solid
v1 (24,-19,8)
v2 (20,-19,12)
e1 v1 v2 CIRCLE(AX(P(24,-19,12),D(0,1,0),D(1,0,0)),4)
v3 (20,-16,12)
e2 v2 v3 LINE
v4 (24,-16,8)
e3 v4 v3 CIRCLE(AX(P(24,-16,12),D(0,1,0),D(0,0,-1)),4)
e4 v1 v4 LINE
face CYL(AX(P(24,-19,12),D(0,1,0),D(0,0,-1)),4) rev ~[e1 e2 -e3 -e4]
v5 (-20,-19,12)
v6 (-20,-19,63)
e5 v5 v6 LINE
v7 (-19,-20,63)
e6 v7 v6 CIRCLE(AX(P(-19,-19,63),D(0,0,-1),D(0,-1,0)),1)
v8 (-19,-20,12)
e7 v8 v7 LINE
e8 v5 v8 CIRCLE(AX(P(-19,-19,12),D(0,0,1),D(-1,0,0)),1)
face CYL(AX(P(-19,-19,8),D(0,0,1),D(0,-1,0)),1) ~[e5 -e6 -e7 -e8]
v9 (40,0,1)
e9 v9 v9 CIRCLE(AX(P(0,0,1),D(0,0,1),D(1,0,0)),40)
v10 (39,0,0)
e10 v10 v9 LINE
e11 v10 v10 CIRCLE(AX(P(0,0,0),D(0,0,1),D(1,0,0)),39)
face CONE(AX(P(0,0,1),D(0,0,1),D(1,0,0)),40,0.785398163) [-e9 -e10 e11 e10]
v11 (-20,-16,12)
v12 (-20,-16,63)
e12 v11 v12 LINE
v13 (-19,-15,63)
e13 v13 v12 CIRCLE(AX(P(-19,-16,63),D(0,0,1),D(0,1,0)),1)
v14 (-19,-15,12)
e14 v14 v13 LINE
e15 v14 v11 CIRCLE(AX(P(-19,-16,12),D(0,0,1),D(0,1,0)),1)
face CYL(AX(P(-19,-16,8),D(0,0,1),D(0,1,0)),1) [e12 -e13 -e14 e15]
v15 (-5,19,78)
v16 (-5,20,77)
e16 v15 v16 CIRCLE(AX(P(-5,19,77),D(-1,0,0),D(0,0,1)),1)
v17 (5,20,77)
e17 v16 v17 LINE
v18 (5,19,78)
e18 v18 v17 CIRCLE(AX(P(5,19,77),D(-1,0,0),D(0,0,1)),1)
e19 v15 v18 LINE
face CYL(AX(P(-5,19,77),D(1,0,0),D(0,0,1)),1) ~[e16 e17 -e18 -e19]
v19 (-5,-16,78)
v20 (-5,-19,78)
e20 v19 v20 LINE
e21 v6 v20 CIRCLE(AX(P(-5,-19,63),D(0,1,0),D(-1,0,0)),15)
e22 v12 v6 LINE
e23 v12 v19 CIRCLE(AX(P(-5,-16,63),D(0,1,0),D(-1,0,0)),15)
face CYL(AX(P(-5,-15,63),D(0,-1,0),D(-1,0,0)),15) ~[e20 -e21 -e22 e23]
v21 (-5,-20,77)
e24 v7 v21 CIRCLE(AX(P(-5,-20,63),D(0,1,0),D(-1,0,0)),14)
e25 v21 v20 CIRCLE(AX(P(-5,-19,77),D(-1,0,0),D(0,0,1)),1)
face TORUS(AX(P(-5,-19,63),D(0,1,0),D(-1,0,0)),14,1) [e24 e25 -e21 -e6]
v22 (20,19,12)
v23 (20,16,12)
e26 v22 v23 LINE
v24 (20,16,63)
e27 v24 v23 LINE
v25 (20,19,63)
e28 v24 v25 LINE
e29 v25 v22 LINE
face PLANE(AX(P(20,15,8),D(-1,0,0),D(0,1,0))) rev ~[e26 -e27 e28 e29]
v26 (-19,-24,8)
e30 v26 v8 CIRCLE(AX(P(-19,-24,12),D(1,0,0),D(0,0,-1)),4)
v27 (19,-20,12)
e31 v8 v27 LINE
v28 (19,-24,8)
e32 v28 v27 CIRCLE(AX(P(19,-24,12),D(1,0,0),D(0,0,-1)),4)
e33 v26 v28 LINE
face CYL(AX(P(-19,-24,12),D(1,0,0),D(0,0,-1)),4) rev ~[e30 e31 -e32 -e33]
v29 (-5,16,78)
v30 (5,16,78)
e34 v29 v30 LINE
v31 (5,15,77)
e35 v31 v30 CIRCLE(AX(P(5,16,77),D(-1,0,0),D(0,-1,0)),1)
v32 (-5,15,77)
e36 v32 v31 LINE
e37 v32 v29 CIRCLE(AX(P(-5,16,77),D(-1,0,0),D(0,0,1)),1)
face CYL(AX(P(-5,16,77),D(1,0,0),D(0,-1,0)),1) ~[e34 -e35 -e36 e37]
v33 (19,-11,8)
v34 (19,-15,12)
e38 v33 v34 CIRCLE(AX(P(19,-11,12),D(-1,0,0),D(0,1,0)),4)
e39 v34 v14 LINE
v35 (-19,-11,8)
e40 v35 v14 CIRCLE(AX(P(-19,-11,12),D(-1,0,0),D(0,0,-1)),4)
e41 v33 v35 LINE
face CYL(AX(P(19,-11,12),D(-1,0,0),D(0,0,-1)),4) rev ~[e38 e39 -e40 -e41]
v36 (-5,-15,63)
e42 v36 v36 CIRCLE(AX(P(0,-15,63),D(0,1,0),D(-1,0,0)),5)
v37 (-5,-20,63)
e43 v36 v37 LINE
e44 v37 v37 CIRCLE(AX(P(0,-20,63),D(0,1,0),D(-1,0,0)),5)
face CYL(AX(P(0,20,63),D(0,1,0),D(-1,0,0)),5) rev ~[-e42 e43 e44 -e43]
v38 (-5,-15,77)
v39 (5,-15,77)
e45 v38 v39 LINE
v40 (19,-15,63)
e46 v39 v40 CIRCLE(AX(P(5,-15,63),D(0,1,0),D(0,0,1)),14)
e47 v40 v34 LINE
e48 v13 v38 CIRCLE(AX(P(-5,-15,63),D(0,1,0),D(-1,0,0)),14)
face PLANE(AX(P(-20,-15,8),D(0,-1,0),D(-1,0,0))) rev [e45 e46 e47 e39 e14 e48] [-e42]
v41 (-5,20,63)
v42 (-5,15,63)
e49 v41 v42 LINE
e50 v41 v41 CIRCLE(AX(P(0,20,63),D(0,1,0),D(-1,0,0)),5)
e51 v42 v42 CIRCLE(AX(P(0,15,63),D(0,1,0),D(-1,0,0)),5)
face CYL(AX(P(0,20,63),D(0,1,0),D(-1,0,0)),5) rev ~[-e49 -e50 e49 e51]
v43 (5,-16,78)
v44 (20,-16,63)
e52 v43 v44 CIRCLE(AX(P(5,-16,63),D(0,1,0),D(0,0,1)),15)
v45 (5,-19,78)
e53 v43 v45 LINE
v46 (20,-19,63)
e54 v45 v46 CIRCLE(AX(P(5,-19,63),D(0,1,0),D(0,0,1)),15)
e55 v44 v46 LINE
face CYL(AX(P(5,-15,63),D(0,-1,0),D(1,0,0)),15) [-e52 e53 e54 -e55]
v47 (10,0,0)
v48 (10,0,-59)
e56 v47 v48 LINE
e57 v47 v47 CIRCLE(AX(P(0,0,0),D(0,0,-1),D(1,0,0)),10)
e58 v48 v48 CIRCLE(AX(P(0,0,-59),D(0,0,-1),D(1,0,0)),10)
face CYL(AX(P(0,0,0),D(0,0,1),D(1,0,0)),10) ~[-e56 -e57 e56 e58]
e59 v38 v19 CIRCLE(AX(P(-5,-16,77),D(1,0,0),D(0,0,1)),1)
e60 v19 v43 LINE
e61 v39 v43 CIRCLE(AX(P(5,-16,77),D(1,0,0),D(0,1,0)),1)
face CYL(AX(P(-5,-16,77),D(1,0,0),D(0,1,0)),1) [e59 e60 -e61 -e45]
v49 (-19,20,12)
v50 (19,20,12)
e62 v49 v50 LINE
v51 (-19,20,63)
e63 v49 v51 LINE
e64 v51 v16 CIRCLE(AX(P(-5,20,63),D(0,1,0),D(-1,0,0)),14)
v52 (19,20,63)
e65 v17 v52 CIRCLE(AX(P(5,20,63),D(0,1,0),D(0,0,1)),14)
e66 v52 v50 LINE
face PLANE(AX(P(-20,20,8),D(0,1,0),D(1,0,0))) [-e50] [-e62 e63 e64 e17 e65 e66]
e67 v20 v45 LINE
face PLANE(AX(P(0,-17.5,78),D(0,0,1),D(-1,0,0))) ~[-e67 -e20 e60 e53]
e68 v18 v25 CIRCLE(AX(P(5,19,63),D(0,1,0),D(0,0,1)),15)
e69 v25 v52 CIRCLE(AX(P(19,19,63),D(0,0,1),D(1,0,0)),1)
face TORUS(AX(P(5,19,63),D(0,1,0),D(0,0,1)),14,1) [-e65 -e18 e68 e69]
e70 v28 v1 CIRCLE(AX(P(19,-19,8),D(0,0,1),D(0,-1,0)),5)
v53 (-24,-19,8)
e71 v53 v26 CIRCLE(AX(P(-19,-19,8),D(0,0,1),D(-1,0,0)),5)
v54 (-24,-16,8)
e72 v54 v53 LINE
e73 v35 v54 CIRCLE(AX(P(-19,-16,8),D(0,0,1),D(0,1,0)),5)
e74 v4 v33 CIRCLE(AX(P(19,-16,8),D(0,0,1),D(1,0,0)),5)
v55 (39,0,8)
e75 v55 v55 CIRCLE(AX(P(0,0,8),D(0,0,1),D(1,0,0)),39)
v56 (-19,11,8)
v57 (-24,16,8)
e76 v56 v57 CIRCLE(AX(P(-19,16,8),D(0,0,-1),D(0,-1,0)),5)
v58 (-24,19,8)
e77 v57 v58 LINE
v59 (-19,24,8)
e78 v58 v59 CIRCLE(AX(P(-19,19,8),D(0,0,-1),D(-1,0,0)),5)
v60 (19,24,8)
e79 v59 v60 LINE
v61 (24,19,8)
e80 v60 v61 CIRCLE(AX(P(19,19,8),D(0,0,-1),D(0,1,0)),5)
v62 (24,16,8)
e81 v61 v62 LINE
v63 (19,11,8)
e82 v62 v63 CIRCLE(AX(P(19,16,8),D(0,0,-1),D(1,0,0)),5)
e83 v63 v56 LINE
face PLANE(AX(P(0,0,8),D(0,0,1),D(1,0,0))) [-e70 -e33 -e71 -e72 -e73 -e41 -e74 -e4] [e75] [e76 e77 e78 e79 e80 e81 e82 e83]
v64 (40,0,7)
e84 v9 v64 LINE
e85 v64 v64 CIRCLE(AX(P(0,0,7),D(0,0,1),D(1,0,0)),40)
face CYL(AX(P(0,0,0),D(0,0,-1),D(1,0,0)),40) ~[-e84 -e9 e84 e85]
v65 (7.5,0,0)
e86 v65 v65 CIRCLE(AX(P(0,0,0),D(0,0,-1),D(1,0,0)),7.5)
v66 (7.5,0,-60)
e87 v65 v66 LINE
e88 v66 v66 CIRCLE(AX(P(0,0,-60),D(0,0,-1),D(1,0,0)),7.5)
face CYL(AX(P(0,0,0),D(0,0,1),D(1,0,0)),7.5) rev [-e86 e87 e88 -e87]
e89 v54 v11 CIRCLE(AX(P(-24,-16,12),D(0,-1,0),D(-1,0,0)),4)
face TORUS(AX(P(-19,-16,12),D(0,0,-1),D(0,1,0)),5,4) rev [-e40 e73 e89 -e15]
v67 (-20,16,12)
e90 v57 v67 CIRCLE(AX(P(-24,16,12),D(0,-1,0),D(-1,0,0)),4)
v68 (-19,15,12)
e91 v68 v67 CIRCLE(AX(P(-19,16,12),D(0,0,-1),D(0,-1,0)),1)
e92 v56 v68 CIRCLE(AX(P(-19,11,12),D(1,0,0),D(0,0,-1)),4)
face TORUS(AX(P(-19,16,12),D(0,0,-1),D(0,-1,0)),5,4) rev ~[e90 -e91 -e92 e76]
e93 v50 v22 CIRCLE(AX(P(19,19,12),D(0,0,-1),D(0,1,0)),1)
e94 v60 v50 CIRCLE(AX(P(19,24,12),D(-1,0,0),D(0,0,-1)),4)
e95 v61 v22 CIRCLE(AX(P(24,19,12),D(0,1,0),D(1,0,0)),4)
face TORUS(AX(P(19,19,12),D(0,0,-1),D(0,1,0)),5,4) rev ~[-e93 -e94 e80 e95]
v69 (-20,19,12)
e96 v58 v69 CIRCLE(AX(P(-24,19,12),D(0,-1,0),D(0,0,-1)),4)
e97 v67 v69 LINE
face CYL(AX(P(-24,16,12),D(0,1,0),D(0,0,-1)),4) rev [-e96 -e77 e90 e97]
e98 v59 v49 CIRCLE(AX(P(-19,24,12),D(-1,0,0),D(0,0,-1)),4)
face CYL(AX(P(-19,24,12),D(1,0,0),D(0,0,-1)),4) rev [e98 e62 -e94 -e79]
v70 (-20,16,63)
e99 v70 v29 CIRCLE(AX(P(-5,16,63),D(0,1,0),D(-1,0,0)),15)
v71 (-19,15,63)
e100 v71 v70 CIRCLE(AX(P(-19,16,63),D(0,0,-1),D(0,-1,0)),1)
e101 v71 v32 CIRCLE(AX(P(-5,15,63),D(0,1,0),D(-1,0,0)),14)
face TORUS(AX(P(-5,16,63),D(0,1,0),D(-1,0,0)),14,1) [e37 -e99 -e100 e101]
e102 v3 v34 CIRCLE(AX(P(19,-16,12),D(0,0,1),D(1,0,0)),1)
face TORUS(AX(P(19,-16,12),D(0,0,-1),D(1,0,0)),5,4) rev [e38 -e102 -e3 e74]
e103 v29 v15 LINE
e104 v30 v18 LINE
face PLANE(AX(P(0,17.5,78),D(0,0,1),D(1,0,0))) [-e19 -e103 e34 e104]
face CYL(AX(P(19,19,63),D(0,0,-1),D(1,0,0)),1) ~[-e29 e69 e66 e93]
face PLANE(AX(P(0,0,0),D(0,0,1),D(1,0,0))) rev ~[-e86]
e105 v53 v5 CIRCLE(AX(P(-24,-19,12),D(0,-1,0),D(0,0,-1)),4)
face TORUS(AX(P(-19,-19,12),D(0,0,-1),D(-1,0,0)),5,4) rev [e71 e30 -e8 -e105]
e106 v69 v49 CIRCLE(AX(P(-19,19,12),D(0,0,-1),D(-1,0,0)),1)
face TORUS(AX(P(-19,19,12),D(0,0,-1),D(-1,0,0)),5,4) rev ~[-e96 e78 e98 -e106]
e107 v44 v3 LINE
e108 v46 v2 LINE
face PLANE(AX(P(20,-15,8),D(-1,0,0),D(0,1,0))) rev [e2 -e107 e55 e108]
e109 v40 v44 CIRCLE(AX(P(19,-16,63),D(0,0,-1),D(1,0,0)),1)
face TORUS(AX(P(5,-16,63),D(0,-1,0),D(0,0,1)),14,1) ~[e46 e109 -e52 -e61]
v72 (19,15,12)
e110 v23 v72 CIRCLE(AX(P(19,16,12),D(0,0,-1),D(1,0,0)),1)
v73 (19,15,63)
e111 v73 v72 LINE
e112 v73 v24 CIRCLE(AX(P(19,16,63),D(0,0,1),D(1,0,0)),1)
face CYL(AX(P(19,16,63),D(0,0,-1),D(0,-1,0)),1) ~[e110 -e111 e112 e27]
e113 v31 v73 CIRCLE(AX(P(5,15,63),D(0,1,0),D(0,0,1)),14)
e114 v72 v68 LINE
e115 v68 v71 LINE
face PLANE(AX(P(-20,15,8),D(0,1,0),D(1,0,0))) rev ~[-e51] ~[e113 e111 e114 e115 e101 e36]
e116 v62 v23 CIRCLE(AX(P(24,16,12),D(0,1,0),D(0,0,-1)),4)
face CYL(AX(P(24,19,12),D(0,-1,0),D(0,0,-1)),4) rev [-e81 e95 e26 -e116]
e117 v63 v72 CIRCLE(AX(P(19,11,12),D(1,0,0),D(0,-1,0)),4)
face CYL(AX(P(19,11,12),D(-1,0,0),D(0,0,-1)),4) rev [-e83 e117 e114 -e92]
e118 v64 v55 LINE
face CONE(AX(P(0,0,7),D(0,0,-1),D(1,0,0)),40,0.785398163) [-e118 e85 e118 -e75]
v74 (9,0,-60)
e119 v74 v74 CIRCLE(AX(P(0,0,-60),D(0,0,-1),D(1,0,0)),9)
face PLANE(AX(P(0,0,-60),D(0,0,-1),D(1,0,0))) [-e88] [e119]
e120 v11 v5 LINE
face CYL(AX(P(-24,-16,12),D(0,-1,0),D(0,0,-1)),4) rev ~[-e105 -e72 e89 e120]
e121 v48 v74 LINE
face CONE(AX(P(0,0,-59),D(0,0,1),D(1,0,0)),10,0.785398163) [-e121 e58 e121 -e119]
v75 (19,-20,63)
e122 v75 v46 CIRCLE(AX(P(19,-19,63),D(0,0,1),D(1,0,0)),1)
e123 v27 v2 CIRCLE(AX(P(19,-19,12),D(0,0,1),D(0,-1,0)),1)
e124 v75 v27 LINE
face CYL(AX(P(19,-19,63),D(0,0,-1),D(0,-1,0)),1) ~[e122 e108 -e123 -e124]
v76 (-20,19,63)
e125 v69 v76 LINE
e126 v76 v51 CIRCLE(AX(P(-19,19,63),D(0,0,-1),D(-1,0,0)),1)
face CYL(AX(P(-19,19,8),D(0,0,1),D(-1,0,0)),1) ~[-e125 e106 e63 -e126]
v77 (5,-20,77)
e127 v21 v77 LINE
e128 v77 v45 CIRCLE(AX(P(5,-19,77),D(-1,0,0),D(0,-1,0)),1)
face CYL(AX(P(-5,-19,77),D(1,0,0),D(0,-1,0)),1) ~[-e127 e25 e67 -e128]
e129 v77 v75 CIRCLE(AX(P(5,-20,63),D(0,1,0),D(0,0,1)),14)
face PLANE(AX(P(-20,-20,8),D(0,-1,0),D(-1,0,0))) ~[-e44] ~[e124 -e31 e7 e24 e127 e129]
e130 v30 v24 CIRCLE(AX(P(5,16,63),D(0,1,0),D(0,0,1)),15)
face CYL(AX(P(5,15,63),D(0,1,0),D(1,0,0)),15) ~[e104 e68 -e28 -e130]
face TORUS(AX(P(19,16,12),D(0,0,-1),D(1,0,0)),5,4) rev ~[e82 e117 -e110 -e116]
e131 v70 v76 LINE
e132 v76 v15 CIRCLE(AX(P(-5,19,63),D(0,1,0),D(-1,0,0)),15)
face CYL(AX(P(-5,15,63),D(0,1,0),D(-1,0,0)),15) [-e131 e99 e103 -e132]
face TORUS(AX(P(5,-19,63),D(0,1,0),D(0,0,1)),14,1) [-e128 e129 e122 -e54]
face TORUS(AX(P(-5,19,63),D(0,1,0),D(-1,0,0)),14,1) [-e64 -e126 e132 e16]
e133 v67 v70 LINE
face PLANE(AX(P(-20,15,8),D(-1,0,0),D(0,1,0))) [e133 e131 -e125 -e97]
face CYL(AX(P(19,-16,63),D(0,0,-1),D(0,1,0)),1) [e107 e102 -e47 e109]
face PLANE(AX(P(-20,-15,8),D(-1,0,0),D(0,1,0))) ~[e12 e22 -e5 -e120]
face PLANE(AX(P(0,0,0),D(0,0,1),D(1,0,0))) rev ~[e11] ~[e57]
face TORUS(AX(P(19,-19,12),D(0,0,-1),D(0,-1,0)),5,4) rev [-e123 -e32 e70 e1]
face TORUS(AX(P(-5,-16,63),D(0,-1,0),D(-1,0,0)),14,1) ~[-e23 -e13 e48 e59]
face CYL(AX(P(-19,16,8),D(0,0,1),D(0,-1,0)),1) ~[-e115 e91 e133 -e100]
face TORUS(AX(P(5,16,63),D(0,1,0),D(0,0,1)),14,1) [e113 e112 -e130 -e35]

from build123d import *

# Parameters (mm, degrees)
SKETCH1_R            = 40
BOSS_EXTRUDE1_DEPTH  = 8
SKETCH2_W            = 40
SKETCH2_H            = 5
BOSS_EXTRUDE2_DEPTH  = 70
FILLET1_R            = 15
FILLET2_R            = 1
FILLET3_R            = 4
FILLET1_OF_MIRROR1_R = 15
FILLET2_OF_MIRROR1_R = 1
FILLET3_OF_MIRROR1_R = 4
SKETCH3_R            = 5
CUT_EXTRUDE1_DEPTH   = 107.226173873
SKETCH4_R            = 10
SKETCH4_R_2          = 7.5
BOSS_EXTRUDE3_DEPTH  = 60
CHAMFER1_SIZE        = 1
CHAMFER2_SIZE        = 1


with BuildPart() as part:
    # Sketch1 → Boss-Extrude1 (new body)
    with BuildSketch(Plane.XY):
        Circle(SKETCH1_R)
    extrude(amount=BOSS_EXTRUDE1_DEPTH)

    # Sketch2 → Boss-Extrude2 (add)
    with BuildSketch(Plane.XY.offset(8)):
        with Locations((0, 17.5)):
            Rectangle(SKETCH2_W, SKETCH2_H)
    boss_extrude2 = extrude(amount=BOSS_EXTRUDE2_DEPTH)

    # Fillet1
    fillet1_edges = [part.edges().sort_by_distance(p)[0] for p in [
        (-20, 17.5, 78),
        (20, 17.5, 78),
    ]]
    fillet(fillet1_edges, radius=FILLET1_R)

    # Fillet2
    fillet2_edges = [part.edges().sort_by_distance(p)[0] for p in [
        (0, 15, 78),
        (0, 20, 78),
        (-20, 20, 35.5),
        (20, 20, 35.5),
        (-15.606601718, 20, 73.606601718),
        (15.606601718, 20, 73.606601718),
        (20, 15, 35.5),
        (-20, 15, 35.5),
        (-15.606601718, 15, 73.606601718),
        (15.606601718, 15, 73.606601718),
    ]]
    fillet(fillet2_edges, radius=FILLET2_R)

    # Fillet3
    fillet3_edges = [part.edges().sort_by_distance(p)[0] for p in [
        (0, 20, 8),
        (20, 17.5, 8),
        (0, 15, 8),
        (-20, 17.5, 8),
        (19.707106781, 19.707106781, 8),
        (19.707106781, 15.292893219, 8),
        (-19.707106781, 19.707106781, 8),
        (-19.707106781, 15.292893219, 8),
    ]]
    fillet(fillet3_edges, radius=FILLET3_R)

    # Mirror1: Boss-Extrude2 across plane
    add(boss_extrude2.mirror(Plane.ZX))

    # Fillet1 of Mirror1
    fillet1_of_mirror1_edges = [part.edges().sort_by_distance(p)[0] for p in [
        (-20, -17.5, 78),
        (20, -17.5, 78),
    ]]
    fillet(fillet1_of_mirror1_edges, radius=FILLET1_OF_MIRROR1_R)

    # Fillet2 of Mirror1
    fillet2_of_mirror1_edges = [part.edges().sort_by_distance(p)[0] for p in [
        (0, -15, 78),
        (0, -20, 78),
        (-20, -20, 35.5),
        (20, -20, 35.5),
        (-15.606601718, -20, 73.606601718),
        (15.606601718, -20, 73.606601718),
        (20, -15, 35.5),
        (-20, -15, 35.5),
        (-15.606601718, -15, 73.606601718),
        (15.606601718, -15, 73.606601718),
    ]]
    fillet(fillet2_of_mirror1_edges, radius=FILLET2_OF_MIRROR1_R)

    # Fillet3 of Mirror1
    fillet3_of_mirror1_edges = [part.edges().sort_by_distance(p)[0] for p in [
        (0, -20, 8),
        (20, -17.5, 8),
        (0, -15, 8),
        (-20, -17.5, 8),
        (19.707106781, -19.707106781, 8),
        (19.707106781, -15.292893219, 8),
        (-19.707106781, -19.707106781, 8),
        (-19.707106781, -15.292893219, 8),
    ]]
    fillet(fillet3_of_mirror1_edges, radius=FILLET3_OF_MIRROR1_R)

    # Sketch3 → Cut-Extrude1 (cut, through all)
    with BuildSketch(Plane(origin=(0, 20, 0), x_dir=(1, 0, 0), z_dir=(0, 1, 0))):
        with Locations(Location((0, -63, 0), (0, 0, 180))):
            Circle(SKETCH3_R)
    extrude(amount=-CUT_EXTRUDE1_DEPTH, mode=Mode.SUBTRACT)

    # Sketch4 → Boss-Extrude3 (add)
    with BuildSketch(Plane(origin=(0, 0, 0), x_dir=(-1, 0, 0), z_dir=(0, 0, -1))):
        with Locations(Location((0, 0, 0), (0, 0, 180))):
            Circle(SKETCH4_R)
        with Locations(Location((0, 0, 0), (0, 0, 180))):
            Circle(SKETCH4_R_2, mode=Mode.SUBTRACT)
    extrude(amount=BOSS_EXTRUDE3_DEPTH)

    # Chamfer1
    chamfer1_edges = [part.edges().sort_by_distance(p)[0] for p in [
        (-10, 0, -60),
    ]]
    chamfer(chamfer1_edges, length=CHAMFER1_SIZE)

    # Chamfer2
    chamfer2_edges = [part.edges().sort_by_distance(p)[0] for p in [
        (-40, 0, 0),
        (-40, 0, 8),
    ]]
    chamfer(chamfer2_edges, length=CHAMFER2_SIZE)


solid = part.part
